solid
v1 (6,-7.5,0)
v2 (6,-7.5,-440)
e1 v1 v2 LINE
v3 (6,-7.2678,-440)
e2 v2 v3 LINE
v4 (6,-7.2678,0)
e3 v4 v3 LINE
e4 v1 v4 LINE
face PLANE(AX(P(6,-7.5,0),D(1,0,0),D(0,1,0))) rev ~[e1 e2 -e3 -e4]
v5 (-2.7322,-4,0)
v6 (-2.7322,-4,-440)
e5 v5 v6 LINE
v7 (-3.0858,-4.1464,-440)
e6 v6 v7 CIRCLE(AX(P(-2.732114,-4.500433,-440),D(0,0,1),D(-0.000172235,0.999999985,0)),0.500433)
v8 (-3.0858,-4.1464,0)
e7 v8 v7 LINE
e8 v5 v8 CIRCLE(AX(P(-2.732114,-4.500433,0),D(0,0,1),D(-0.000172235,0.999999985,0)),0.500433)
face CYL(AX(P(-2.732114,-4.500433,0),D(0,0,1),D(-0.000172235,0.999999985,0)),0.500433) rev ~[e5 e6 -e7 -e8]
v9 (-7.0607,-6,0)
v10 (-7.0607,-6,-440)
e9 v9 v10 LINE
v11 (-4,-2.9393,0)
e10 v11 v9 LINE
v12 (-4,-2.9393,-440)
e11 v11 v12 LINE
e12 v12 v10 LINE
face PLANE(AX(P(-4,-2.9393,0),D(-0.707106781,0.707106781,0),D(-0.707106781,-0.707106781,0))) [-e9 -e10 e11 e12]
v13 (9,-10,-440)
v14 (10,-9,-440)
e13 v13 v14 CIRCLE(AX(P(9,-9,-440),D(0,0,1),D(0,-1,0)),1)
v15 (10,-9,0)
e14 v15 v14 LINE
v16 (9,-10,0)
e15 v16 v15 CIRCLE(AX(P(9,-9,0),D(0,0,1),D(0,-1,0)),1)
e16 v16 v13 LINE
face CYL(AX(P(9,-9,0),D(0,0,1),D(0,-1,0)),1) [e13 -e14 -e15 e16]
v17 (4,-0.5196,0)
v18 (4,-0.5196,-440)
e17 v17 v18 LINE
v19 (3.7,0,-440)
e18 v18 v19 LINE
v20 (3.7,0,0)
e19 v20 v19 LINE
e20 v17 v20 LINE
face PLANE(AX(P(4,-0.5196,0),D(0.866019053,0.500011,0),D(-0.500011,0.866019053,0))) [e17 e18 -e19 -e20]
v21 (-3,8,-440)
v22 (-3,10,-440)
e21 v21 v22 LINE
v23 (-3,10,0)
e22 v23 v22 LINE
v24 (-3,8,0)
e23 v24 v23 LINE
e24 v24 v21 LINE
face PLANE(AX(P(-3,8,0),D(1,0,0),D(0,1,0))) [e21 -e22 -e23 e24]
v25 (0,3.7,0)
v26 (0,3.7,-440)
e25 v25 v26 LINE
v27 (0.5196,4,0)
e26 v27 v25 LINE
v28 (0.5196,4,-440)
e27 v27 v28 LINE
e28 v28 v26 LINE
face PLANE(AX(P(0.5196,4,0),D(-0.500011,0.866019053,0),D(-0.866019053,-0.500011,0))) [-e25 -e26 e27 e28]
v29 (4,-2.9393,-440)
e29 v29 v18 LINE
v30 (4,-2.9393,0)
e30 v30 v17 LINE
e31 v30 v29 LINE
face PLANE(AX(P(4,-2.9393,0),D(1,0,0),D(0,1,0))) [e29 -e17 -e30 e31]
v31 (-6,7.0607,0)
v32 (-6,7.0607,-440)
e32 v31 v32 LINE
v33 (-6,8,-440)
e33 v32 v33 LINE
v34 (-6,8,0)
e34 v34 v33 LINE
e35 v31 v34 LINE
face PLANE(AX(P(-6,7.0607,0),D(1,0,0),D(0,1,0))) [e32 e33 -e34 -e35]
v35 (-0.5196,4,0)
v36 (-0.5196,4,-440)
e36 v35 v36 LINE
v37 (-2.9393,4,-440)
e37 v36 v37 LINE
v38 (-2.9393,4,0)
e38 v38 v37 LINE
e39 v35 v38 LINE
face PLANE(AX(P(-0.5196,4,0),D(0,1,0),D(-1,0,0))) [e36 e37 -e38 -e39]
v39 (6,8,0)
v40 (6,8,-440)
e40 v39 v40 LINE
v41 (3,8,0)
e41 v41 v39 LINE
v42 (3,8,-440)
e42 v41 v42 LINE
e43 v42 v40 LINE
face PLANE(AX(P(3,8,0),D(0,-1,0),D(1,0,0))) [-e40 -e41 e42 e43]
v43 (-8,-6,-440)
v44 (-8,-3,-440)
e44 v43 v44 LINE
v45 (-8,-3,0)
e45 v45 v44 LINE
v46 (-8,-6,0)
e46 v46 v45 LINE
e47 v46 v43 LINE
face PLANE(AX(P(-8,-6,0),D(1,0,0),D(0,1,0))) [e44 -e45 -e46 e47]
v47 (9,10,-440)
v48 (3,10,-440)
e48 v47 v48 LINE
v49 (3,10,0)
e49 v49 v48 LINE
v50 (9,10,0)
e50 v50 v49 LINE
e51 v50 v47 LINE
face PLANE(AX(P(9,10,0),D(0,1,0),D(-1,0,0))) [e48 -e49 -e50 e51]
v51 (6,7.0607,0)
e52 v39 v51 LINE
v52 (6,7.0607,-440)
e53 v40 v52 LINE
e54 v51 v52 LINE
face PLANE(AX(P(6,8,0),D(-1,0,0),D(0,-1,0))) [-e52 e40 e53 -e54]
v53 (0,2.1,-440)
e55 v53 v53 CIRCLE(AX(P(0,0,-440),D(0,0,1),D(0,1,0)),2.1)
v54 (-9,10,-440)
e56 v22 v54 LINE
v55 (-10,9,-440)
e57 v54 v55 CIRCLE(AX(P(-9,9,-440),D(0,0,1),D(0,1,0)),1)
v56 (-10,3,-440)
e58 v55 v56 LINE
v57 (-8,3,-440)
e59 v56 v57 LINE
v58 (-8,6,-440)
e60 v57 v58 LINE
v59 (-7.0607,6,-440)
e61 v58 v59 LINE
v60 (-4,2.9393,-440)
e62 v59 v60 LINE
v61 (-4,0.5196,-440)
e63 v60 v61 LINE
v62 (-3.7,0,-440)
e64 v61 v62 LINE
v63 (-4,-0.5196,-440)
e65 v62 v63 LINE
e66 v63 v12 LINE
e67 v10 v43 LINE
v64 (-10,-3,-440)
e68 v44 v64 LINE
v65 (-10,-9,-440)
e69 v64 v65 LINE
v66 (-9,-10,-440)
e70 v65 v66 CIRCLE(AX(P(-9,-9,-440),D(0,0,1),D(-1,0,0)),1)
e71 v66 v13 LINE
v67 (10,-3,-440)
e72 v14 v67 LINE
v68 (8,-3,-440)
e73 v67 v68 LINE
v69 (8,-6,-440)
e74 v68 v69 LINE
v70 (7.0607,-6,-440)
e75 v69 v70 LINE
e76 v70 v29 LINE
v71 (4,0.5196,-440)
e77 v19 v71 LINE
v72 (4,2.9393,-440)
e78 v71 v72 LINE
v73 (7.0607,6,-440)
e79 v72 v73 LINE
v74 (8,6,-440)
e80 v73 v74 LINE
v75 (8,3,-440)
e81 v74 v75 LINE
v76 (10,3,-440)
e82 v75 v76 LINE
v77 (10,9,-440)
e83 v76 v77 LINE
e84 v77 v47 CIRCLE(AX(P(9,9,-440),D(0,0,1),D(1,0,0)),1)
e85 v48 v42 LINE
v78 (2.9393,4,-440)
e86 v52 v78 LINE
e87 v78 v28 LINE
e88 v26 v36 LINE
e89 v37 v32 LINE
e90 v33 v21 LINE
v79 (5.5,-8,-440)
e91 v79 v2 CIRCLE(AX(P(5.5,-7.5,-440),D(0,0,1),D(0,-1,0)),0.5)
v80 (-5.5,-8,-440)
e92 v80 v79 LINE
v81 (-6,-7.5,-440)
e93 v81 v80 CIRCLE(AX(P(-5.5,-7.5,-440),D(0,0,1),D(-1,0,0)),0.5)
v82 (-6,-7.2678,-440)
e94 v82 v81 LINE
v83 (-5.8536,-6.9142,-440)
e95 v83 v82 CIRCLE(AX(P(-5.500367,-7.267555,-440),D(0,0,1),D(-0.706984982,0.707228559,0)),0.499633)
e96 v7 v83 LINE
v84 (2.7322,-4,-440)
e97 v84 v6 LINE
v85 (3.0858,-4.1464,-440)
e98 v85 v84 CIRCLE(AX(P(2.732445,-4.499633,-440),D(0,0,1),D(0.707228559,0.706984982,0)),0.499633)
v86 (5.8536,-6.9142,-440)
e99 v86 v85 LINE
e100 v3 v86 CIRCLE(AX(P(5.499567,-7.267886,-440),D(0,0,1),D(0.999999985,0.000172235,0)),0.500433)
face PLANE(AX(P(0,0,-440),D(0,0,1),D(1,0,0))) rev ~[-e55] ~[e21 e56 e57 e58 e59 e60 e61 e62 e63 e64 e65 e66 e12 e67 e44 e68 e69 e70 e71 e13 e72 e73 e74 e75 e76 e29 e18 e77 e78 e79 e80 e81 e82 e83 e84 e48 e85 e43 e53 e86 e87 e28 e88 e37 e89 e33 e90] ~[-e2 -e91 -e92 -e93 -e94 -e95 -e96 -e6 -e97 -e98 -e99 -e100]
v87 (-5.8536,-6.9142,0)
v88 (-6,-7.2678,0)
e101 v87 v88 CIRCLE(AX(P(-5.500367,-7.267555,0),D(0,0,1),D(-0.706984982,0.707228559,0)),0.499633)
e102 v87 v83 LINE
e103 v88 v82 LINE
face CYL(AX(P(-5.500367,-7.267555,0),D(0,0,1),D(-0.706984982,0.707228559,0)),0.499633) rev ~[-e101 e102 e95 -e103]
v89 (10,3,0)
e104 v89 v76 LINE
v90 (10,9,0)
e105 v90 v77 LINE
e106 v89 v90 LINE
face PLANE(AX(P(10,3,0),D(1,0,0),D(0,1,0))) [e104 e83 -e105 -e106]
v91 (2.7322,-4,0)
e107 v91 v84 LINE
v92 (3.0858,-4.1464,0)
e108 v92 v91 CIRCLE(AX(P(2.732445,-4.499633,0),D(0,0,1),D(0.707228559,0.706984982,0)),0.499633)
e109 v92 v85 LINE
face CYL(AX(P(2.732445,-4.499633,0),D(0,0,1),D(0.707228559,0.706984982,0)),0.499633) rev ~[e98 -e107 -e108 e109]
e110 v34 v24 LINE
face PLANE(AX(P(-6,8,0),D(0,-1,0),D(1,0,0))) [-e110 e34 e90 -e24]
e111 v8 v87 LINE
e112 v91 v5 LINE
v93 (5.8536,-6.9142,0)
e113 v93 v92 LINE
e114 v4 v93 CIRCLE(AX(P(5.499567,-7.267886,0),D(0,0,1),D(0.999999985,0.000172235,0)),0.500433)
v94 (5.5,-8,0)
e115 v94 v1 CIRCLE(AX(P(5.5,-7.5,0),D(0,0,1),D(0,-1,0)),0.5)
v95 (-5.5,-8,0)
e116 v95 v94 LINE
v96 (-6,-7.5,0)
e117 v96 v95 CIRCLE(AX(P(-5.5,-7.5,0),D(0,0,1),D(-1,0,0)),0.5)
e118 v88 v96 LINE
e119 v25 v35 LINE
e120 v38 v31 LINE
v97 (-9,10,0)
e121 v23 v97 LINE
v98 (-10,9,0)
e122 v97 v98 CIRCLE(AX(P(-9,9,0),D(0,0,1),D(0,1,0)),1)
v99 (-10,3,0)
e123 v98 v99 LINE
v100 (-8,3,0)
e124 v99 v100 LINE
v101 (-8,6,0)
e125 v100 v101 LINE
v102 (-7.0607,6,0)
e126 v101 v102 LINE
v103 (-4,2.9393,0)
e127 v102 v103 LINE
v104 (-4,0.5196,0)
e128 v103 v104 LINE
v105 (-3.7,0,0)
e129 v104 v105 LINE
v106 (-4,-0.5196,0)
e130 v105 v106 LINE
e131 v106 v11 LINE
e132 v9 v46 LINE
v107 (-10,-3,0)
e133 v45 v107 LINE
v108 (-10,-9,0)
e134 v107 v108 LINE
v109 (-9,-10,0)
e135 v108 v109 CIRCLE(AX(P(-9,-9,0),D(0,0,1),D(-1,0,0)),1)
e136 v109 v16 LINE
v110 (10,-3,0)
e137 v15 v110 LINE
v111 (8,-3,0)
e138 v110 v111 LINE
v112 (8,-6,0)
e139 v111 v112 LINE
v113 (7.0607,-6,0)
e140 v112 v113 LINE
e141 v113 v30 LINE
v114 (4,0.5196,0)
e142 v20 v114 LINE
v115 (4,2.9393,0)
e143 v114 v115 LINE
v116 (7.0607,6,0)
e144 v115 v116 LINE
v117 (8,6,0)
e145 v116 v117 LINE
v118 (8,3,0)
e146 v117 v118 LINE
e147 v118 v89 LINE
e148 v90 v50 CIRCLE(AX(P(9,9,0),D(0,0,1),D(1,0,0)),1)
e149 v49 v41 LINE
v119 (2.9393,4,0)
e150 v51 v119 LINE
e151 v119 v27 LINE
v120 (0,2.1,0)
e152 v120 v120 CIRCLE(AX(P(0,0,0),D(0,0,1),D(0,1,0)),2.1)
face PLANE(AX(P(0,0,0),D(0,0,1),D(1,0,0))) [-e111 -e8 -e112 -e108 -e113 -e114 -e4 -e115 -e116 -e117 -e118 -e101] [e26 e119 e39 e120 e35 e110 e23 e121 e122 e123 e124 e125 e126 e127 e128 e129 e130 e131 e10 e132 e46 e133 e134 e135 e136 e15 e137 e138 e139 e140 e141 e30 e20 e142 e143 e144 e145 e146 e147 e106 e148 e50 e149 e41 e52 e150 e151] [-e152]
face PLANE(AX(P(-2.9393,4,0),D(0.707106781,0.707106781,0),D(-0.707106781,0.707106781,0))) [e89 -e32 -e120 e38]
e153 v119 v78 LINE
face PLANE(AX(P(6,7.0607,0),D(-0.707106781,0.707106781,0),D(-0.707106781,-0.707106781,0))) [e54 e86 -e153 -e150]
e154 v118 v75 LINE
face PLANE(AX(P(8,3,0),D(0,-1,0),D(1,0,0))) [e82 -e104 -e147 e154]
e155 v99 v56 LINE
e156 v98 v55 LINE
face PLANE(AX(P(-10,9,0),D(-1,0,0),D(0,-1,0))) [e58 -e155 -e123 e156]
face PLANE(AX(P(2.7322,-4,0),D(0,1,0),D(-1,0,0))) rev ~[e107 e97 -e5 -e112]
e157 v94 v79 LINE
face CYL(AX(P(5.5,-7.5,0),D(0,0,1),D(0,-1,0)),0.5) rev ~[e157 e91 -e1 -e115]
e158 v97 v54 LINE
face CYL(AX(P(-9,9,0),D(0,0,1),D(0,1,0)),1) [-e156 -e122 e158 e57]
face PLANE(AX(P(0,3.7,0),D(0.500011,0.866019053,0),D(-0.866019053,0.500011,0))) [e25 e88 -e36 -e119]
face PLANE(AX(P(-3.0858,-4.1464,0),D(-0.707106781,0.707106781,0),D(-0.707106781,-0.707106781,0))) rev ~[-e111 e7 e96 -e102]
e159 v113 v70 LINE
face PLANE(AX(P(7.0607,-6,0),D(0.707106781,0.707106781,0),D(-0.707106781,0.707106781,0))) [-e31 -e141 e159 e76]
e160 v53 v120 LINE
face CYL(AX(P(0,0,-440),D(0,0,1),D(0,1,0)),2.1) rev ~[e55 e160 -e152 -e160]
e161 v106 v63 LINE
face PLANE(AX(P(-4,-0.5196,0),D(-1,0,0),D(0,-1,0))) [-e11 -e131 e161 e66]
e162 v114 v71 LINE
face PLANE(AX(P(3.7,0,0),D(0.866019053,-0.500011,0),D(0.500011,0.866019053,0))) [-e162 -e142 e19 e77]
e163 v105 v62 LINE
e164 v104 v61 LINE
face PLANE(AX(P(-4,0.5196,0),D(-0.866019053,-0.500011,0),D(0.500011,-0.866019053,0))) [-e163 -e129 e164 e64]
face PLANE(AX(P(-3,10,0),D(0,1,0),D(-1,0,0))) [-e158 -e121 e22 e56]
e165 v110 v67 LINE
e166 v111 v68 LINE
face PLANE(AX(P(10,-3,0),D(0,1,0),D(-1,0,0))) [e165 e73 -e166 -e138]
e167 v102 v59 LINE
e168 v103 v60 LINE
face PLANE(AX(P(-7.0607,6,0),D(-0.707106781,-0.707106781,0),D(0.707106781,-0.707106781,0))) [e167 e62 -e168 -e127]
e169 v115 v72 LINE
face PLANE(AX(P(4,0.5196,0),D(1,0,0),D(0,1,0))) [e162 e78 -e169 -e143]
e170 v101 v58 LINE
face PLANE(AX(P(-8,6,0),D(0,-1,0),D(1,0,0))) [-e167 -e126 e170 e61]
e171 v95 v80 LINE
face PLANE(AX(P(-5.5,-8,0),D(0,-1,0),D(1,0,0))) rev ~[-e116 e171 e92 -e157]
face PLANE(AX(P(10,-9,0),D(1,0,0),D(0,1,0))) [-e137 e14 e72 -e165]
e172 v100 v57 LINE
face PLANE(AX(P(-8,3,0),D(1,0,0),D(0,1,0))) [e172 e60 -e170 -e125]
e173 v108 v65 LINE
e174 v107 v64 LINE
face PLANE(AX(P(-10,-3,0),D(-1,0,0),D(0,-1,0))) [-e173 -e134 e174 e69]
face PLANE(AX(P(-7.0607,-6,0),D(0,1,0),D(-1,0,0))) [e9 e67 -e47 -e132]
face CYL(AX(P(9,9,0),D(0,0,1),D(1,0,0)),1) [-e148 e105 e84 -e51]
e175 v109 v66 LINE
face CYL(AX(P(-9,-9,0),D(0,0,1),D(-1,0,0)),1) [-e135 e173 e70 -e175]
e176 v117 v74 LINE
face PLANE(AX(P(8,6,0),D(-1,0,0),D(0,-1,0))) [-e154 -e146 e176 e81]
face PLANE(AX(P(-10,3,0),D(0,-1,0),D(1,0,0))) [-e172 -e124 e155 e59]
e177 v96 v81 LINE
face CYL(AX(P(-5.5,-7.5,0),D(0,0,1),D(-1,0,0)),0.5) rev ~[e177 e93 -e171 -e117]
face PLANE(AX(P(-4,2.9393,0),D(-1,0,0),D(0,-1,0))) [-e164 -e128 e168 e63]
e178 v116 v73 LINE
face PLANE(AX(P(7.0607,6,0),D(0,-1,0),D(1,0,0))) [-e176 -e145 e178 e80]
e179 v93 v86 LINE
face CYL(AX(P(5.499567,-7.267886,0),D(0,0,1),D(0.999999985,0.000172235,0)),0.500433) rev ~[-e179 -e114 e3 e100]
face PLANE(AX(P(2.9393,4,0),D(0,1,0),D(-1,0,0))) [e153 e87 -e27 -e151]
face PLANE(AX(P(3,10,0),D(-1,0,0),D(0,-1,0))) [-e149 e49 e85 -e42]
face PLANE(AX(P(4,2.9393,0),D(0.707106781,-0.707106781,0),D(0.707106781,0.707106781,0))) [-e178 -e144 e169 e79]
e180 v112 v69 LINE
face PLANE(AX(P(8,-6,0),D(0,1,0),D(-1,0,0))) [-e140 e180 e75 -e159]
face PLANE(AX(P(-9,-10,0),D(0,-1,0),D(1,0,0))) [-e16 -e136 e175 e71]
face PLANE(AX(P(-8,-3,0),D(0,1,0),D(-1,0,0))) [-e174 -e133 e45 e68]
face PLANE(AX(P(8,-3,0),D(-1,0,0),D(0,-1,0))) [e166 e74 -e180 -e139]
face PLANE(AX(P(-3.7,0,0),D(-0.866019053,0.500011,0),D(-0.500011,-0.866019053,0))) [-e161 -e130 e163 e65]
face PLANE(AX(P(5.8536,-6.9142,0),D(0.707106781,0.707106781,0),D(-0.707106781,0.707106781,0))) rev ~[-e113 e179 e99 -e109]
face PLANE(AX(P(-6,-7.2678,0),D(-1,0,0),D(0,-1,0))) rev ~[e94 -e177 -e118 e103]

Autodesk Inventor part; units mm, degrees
sketch "Sketch_63" plane through (0, 0, 0) normal (0, 0, 1) x (1, 0, 0)
  line L0 (-10, -3) -> (-10, -9)
  arc A0 (-10, -9) -> (-9, -10) centre (-9, -9) ccw
  line L1 (-9, -10) -> (9, -10)
  arc A1 (9, -10) -> (10, -9) centre (9, -9) ccw
  line L2 (10, -9) -> (10, -3)
  line L3 (10, -3) -> (8, -3)
  line L4 (8, -3) -> (8, -6)
  line L5 (8, -6) -> (7.0607, -6)
  line L6 (7.0607, -6) -> (4, -2.9393)
  line L7 (4, -2.9393) -> (4, -0.5196)
  line L8 (4, -0.5196) -> (3.7, 0)
  line L9 (3.7, 0) -> (4, 0.5196)
  line L10 (4, 0.5196) -> (4, 2.9393)
  line L11 (4, 2.9393) -> (7.0607, 6)
  line L12 (7.0607, 6) -> (8, 6)
  line L13 (8, 6) -> (8, 3)
  line L14 (8, 3) -> (10, 3)
  line L15 (10, 3) -> (10, 9)
  arc A2 (10, 9) -> (9, 10) centre (9, 9) ccw
  line L16 (9, 10) -> (3, 10)
  line L17 (3, 10) -> (3, 8)
  line L18 (3, 8) -> (6, 8)
  line L19 (6, 8) -> (6, 7.0607)
  line L20 (6, 7.0607) -> (2.9393, 4)
  line L21 (2.9393, 4) -> (0.5196, 4)
  line L22 (0.5196, 4) -> (0, 3.7)
  line L23 (0, 3.7) -> (-0.5196, 4)
  line L24 (-0.5196, 4) -> (-2.9393, 4)
  line L25 (-2.9393, 4) -> (-6, 7.0607)
  line L26 (-6, 7.0607) -> (-6, 8)
  line L27 (-6, 8) -> (-3, 8)
  line L28 (-3, 8) -> (-3, 10)
  line L29 (-3, 10) -> (-9, 10)
  arc A3 (-9, 10) -> (-10, 9) centre (-9, 9) ccw
  line L30 (-10, 9) -> (-10, 3)
  line L31 (-10, 3) -> (-8, 3)
  line L32 (-8, 3) -> (-8, 6)
  line L33 (-8, 6) -> (-7.0607, 6)
  line L34 (-7.0607, 6) -> (-4, 2.9393)
  line L35 (-4, 2.9393) -> (-4, 0.5196)
  line L36 (-4, 0.5196) -> (-3.7, 0)
  line L37 (-3.7, 0) -> (-4, -0.5196)
  line L38 (-4, -0.5196) -> (-4, -2.9393)
  line L39 (-4, -2.9393) -> (-7.0607, -6)
  line L40 (-7.0607, -6) -> (-8, -6)
  line L41 (-8, -6) -> (-8, -3)
  line L42 (-8, -3) -> (-10, -3)
  line L43 (-6, -7.2678) -> (-6, -7.5)
  arc A4 (-6, -7.5) -> (-5.5, -8) centre (-5.5, -7.5) ccw
  line L44 (-5.5, -8) -> (5.5, -8)
  arc A5 (5.5, -8) -> (6, -7.5) centre (5.5, -7.5) ccw
  line L45 (6, -7.5) -> (6, -7.2678)
  arc A6 (6, -7.2678) -> (5.8536, -6.9142) centre (5.5, -7.2678) ccw
  line L46 (5.8536, -6.9142) -> (3.0858, -4.1464)
  arc A7 (3.0858, -4.1464) -> (2.7322, -4) centre (2.7322, -4.5) ccw
  line L47 (2.7322, -4) -> (-2.7322, -4)
  arc A8 (-2.7322, -4) -> (-3.0858, -4.1464) centre (-2.7322, -4.5) ccw
  line L48 (-3.0858, -4.1464) -> (-5.8536, -6.9142)
  arc A9 (-5.8536, -6.9142) -> (-6, -7.2678) centre (-5.5, -7.2678) ccw
extrude "Extrusion1" add sketch "Sketch_63" against normal blind 440
sketch "Sketch2" plane through (0, 0, -440) normal (0, 0, -1) x (-1, 0, 0)
  point P0 (0, 0)
hole "Hole1" at (0, 0, -440) direction (0, 0, 1) diameter 4.2 depth 440
ref_plane "C1_XY" through (0, 0, 0) normal (0, 0, 1) x (1, 0, 0)
ref_plane "C1_YZ" through (0, 0, 0) normal (1, 0, 0) x (0, 1, 0)
ref_plane "C1_ZX" through (0, 0, 0) normal (0, 1, 0) x (0, 0, 1)
thread "Thread1" size "M5x0.8" class "6H" standard "ANSI Metric M Profile" length 10
thread "Thread2" size "M5x0.8" class "6H" standard "ANSI Metric M Profile" length 10
properties part number "HFSFB5-2020-440" material "Aluminum 6061"
